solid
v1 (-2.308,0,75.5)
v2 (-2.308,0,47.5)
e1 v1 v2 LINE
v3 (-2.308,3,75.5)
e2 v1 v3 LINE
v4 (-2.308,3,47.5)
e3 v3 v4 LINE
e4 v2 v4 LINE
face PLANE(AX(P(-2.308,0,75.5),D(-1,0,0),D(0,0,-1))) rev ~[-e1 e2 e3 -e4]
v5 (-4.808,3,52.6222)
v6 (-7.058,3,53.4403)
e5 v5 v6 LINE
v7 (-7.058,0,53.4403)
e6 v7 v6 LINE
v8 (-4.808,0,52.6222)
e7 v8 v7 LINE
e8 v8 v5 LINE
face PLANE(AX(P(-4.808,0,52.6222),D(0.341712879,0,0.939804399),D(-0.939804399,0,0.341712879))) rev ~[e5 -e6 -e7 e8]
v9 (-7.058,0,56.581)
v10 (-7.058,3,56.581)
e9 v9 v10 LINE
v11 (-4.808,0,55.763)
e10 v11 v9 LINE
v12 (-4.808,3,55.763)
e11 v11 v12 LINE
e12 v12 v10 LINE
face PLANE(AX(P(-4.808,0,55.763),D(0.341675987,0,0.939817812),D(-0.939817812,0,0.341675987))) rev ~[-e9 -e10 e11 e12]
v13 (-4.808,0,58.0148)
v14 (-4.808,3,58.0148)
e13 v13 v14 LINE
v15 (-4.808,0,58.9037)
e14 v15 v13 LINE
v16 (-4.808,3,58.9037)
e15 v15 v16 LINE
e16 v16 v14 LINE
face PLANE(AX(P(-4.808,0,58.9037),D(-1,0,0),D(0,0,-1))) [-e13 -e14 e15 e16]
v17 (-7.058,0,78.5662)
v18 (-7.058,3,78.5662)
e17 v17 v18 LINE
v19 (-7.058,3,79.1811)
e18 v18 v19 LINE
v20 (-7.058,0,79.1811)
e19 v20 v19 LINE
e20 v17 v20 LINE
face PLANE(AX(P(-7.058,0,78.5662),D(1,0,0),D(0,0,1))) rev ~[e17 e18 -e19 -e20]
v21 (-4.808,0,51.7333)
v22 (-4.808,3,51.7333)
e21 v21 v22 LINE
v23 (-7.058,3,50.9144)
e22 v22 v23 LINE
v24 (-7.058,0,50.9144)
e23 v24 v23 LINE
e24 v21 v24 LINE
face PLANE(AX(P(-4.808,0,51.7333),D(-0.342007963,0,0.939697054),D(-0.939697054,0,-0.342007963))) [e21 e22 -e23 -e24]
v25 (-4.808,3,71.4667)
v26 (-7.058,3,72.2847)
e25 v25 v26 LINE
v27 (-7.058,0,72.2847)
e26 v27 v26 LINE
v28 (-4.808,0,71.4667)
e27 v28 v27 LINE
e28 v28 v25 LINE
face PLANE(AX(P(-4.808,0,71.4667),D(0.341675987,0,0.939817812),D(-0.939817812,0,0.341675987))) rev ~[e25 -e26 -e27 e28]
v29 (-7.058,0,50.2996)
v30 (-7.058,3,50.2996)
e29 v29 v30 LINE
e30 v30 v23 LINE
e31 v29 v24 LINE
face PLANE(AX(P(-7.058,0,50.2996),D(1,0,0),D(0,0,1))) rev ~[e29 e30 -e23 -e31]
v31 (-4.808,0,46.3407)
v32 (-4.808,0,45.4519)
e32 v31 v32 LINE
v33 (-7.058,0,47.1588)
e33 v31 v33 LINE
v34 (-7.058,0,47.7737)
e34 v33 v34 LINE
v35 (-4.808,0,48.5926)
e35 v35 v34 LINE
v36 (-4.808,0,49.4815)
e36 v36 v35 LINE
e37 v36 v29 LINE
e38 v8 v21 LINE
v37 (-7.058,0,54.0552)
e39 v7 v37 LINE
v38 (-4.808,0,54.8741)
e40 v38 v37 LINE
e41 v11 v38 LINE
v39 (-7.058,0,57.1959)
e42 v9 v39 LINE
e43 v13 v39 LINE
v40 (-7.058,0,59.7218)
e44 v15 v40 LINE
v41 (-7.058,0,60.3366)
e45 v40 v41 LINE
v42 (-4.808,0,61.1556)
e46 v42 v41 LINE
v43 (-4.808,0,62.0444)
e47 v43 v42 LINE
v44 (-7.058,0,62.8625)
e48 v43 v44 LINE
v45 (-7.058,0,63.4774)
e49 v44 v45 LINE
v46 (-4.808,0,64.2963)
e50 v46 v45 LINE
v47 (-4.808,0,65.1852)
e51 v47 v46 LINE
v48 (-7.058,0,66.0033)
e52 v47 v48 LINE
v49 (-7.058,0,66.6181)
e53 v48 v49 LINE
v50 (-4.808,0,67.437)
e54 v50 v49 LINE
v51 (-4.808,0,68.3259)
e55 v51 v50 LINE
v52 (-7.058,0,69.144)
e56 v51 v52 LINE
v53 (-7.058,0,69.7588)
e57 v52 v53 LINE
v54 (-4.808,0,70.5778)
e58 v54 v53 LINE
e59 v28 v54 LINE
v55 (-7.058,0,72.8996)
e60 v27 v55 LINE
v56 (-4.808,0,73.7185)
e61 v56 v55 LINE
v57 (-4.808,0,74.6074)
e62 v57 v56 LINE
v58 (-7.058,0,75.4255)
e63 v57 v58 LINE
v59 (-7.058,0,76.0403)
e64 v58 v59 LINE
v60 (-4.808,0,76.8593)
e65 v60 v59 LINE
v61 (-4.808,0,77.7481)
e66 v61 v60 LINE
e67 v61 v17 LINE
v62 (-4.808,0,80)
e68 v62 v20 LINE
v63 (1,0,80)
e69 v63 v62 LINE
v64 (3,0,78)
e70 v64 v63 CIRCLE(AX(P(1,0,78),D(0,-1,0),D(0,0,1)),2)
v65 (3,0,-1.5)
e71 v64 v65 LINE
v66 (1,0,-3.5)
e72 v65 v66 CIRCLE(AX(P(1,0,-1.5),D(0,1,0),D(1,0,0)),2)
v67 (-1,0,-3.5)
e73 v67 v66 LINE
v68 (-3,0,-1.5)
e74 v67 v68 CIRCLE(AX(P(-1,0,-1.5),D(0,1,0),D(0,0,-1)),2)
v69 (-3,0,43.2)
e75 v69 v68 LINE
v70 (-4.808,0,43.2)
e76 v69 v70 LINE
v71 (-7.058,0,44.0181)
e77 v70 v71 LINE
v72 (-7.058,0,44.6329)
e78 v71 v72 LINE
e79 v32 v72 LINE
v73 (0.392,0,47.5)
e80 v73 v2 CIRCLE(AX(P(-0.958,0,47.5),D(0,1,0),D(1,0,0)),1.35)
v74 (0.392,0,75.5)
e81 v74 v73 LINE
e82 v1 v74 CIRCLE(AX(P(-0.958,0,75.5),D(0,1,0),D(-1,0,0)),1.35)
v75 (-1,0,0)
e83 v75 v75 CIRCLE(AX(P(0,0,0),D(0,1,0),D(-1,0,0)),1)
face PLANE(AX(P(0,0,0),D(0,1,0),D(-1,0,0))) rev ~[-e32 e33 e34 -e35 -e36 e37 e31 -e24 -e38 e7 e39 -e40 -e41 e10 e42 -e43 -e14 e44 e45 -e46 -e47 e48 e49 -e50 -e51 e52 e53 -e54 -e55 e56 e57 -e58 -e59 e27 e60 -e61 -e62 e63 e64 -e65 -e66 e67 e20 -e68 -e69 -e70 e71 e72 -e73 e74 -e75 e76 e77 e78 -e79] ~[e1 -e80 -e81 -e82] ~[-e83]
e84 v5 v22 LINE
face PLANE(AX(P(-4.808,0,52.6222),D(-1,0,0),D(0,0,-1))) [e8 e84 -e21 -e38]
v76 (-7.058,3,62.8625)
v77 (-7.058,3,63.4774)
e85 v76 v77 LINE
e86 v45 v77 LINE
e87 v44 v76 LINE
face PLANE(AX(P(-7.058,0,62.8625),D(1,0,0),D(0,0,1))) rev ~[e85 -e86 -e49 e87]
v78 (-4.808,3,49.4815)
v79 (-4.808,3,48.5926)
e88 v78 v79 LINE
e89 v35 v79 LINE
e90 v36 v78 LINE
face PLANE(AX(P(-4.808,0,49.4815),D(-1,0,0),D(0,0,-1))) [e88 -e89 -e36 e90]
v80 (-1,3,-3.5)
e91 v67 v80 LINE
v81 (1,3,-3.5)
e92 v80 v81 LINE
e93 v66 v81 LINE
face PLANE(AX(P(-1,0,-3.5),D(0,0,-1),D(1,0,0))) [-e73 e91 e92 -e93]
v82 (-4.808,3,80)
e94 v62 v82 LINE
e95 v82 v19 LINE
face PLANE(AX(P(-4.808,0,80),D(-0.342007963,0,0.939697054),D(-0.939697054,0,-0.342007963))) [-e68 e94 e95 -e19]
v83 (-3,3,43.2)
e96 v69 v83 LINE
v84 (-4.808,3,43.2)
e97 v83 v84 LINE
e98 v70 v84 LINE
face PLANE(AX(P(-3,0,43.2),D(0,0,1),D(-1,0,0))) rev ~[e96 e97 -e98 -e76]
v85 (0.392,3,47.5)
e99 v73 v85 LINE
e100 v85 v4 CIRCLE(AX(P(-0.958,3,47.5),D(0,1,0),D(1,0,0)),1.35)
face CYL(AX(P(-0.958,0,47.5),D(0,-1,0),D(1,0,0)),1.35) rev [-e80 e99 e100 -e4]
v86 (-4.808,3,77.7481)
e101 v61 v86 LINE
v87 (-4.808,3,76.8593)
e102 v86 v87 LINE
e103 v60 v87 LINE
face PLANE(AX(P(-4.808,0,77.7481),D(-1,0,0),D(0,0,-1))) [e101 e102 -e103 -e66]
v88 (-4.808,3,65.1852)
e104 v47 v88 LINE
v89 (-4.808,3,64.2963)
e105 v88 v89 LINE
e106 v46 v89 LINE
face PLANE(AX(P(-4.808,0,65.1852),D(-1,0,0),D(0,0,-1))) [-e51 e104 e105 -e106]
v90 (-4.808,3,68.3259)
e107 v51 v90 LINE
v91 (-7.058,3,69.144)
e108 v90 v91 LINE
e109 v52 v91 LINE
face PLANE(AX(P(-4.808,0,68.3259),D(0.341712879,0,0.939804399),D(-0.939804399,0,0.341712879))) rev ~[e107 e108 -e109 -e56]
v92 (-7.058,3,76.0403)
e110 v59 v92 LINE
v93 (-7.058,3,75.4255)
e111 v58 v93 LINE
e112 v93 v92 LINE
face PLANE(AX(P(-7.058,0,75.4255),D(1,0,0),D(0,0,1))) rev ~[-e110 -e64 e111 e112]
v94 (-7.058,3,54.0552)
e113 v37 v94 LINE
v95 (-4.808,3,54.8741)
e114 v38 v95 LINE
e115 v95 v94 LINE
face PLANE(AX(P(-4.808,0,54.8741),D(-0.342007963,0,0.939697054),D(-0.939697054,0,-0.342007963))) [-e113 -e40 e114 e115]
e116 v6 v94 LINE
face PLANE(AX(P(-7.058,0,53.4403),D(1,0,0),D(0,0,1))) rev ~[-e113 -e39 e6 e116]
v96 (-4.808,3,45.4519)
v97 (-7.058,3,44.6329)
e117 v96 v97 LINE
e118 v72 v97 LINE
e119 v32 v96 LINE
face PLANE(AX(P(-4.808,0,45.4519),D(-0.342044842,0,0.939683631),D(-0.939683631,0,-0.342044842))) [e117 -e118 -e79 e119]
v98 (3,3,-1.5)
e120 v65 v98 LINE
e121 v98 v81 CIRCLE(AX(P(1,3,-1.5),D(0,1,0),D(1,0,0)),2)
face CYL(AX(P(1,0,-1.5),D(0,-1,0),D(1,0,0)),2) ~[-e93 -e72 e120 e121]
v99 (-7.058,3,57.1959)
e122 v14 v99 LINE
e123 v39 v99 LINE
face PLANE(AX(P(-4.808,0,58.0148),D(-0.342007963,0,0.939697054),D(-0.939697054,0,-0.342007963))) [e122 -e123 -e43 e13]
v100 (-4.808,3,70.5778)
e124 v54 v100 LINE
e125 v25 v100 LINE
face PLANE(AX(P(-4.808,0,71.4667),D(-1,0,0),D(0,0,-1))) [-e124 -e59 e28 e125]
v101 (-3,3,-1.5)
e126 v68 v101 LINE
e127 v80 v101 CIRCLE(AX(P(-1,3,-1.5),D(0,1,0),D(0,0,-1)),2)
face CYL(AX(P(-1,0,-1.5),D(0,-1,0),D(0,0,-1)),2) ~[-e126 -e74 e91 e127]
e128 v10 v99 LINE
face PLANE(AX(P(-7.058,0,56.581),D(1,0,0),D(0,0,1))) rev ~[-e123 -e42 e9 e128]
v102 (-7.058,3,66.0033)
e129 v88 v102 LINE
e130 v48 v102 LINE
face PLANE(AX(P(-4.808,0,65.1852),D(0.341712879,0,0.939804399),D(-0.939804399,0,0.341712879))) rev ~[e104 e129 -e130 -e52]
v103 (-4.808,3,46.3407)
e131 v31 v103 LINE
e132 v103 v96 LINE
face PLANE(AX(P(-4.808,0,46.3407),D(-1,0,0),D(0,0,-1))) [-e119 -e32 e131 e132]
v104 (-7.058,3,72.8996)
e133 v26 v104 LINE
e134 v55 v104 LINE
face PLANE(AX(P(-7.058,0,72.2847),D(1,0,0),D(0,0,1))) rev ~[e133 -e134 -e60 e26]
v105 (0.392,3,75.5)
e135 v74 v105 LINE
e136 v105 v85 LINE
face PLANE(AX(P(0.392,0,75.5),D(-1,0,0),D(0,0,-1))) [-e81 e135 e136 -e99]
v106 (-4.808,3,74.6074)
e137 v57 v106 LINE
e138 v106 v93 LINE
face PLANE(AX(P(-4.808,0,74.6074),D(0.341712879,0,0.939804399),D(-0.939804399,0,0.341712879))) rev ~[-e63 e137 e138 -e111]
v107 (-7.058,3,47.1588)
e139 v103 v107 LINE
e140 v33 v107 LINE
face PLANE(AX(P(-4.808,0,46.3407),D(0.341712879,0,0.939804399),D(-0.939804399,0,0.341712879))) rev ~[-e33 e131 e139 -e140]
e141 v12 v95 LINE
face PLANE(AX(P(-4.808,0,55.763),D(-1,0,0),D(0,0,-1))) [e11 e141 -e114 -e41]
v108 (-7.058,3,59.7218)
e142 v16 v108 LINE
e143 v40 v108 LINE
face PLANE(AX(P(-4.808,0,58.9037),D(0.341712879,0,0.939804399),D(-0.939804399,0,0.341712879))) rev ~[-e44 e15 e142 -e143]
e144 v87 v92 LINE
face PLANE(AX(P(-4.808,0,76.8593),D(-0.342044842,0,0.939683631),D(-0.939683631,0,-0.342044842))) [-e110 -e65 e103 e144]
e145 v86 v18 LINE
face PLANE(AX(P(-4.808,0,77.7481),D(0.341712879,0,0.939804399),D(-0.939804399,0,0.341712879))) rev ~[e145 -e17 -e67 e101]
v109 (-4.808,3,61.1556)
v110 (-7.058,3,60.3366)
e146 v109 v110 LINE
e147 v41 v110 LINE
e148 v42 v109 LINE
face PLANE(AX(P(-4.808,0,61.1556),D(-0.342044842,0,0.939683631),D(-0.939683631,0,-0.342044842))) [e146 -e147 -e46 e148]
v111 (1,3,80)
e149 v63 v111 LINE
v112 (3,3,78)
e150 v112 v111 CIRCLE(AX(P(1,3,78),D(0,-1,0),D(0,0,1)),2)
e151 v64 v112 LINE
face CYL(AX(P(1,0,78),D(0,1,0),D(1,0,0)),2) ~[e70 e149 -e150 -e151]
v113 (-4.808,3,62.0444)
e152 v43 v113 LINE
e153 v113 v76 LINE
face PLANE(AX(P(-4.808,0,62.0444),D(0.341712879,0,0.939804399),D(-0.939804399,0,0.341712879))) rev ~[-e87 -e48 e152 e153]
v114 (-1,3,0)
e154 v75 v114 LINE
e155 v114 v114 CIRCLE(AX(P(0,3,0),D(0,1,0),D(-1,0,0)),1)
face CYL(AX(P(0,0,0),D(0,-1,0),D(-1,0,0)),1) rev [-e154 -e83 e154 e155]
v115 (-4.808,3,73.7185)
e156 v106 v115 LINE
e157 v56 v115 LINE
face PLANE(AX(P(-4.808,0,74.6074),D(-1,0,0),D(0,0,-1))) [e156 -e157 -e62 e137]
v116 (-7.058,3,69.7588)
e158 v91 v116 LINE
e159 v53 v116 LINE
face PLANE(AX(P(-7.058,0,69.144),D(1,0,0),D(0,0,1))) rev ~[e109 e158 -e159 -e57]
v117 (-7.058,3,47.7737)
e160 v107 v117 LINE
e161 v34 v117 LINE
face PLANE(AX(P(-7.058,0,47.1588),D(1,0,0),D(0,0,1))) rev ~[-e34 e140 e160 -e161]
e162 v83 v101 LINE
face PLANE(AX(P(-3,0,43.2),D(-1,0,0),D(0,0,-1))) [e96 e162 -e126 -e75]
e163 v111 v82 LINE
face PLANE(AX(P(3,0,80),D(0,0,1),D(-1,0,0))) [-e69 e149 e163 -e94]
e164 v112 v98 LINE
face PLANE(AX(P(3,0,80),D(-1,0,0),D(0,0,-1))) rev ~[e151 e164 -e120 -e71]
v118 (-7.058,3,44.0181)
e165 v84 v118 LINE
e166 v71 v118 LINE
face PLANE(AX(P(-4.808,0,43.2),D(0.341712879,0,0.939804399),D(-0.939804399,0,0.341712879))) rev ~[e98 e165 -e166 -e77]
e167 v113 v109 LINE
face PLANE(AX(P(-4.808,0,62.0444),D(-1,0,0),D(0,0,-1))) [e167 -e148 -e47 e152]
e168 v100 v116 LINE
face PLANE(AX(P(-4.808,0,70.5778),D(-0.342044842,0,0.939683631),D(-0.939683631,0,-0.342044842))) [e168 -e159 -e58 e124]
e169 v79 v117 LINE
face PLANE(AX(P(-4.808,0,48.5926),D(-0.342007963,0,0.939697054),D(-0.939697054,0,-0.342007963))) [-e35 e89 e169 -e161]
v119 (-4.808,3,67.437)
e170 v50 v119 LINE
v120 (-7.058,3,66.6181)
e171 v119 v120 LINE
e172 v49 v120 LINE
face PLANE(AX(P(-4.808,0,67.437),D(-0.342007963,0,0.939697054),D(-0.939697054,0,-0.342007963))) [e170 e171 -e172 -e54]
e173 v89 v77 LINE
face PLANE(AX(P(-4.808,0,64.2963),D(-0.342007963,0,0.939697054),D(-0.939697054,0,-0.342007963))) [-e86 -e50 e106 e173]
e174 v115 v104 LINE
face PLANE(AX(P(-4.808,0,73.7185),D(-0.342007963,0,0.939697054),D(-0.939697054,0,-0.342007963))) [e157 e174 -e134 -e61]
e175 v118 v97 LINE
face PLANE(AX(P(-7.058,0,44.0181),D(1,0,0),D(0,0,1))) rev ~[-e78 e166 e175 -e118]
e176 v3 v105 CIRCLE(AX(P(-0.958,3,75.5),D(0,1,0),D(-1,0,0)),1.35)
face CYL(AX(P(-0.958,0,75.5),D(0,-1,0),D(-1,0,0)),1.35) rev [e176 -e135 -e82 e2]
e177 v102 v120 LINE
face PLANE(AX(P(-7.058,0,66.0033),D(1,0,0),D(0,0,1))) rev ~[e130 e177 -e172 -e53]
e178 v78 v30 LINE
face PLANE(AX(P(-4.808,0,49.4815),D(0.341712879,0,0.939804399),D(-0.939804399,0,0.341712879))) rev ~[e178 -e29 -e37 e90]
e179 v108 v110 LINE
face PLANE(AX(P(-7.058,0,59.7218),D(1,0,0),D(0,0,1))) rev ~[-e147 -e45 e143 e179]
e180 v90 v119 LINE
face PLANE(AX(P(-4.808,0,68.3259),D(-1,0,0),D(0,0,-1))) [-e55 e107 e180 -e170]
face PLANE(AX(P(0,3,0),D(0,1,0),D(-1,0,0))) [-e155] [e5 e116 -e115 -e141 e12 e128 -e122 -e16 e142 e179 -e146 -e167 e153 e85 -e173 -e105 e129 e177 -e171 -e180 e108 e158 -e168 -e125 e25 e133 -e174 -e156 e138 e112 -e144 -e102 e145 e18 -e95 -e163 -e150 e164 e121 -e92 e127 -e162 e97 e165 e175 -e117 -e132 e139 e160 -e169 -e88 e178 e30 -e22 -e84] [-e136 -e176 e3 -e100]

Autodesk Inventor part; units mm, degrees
ref_plane "YZ Plane" through (0, 0, 0) normal (1, 0, 0) x (0, 1, 0)
ref_plane "XZ Plane" through (0, 0, 0) normal (0, 1, 0) x (-1, 0, 0)
ref_plane "XY Plane" through (0, 0, 0) normal (0, 0, 1) x (1, 0, 0)
sketch "Sketch1" plane through (0, 0, 0) normal (0, 1, 0) x (-1, 0, 0)
  line L0 (4.808, 48.5926) -> (7.058, 47.7737)
  line L1 (4.808, 49.4815) -> (4.808, 48.5926)
  line L2 (4.808, 49.4815) -> (7.058, 50.2996)
  line L3 (7.058, 50.2996) -> (7.058, 50.9144)
  line L4 (4.808, 51.7333) -> (7.058, 50.9144)
  line L5 (4.808, 52.6222) -> (4.808, 51.7333)
  line L6 (4.808, 52.6222) -> (7.058, 53.4403)
  line L7 (7.058, 53.4403) -> (7.058, 54.0552)
  line L8 (4.808, 54.8741) -> (7.058, 54.0552)
  line L9 (4.808, 55.763) -> (4.808, 54.8741)
  line L10 (4.808, 55.763) -> (7.058, 56.581)
  line L11 (7.058, 56.581) -> (7.058, 57.1959)
  line L12 (4.808, 58.0148) -> (7.058, 57.1959)
  line L13 (4.808, 58.9037) -> (4.808, 58.0148)
  line L14 (4.808, 58.9037) -> (7.058, 59.7218)
  line L15 (7.058, 59.7218) -> (7.058, 60.3366)
  line L16 (4.808, 61.1556) -> (7.058, 60.3366)
  line L17 (4.808, 62.0444) -> (4.808, 61.1556)
  line L18 (4.808, 62.0444) -> (7.058, 62.8625)
  line L19 (7.058, 62.8625) -> (7.058, 63.4774)
  line L20 (4.808, 64.2963) -> (7.058, 63.4774)
  line L21 (4.808, 65.1852) -> (4.808, 64.2963)
  line L22 (4.808, 65.1852) -> (7.058, 66.0033)
  line L23 (7.058, 66.0033) -> (7.058, 66.6181)
  line L24 (4.808, 67.437) -> (7.058, 66.6181)
  line L25 (4.808, 68.3259) -> (4.808, 67.437)
  line L26 (4.808, 68.3259) -> (7.058, 69.144)
  line L27 (7.058, 69.144) -> (7.058, 69.7588)
  line L28 (4.808, 70.5778) -> (7.058, 69.7588)
  line L29 (4.808, 71.4667) -> (4.808, 70.5778)
  line L30 (4.808, 71.4667) -> (7.058, 72.2847)
  line L31 (7.058, 72.2847) -> (7.058, 72.8996)
  line L32 (4.808, 73.7185) -> (7.058, 72.8996)
  line L33 (4.808, 74.6074) -> (4.808, 73.7185)
  line L34 (4.808, 74.6074) -> (7.058, 75.4255)
  line L35 (7.058, 75.4255) -> (7.058, 76.0403)
  line L36 (4.808, 76.8593) -> (7.058, 76.0403)
  line L37 (4.808, 77.7481) -> (4.808, 76.8593)
  line L38 (4.808, 77.7481) -> (7.058, 78.5662)
  line L39 (7.058, 78.5662) -> (7.058, 79.1811)
  line L40 (4.808, 80) -> (7.058, 79.1811)
  line L41 (-3, 80) -> (4.808, 80)
  line L42 (-3, 80) -> (-3, -1.5)
  arc A0 (-3, -1.5) -> (-1, -3.5) centre (-1, -1.5) ccw
  line L43 (1, -3.5) -> (-1, -3.5)
  arc A1 (1, -3.5) -> (3, -1.5) centre (1, -1.5) ccw
  line L44 (3, 43.2) -> (3, -1.5)
  line L45 (4.808, 43.2) -> (7.058, 44.0181)
  line L46 (7.058, 44.0181) -> (7.058, 44.6329)
  line L47 (4.808, 45.4519) -> (7.058, 44.6329)
  line L48 (4.808, 46.3407) -> (4.808, 45.4519)
  line L49 (4.808, 46.3407) -> (7.058, 47.1588)
  line L50 (7.058, 47.1588) -> (7.058, 47.7737)
  circle A2 centre (0, 0) radius 1
  arc A3 (-0.392, 47.5) -> (2.308, 47.5) centre (0.958, 47.5) ccw
  line L51 (-0.392, 75.5) -> (-0.392, 47.5)
  arc A4 (2.308, 75.5) -> (-0.392, 75.5) centre (0.958, 75.5) ccw
  line L52 (2.308, 75.5) -> (2.308, 47.5)
  line L53 (3, 43.2) -> (4.808, 43.2)
  point P0 (4.808, 77.3037)
  point P1 (4.808, 49.037)
  point P2 (0.904, 80)
  dimension "d0" = 2.25
  dimension "d3" = 28
  dimension "d4" = 2.7
  dimension "d7" = 2.5
  dimension "d8" = 4.3
  dimension "d11" = 6
  dimension "d12" = 3
  dimension "d13" = 3.5
  dimension "d15" = 0.6149
  dimension "d16" = 0.8889
  dimension "d17" = 20
  dimension "d28" = 4.808
  dimension "d29" = 36.8
  dimension "d30" = 4.5
  dimension "d31" = 83.5
  dimension "d32" = 2
  dimension "d33" = 2
  dimension "d34" = 2
  dimension "d37" = 2.608
  dimension "d38" = 2
extrude "Extrusion1" add sketch "Sketch1" along normal blind 3
fillet "Fillet1" radius 2 1 edges at (3, 1.5, 80)
equation "\"d28\" = dist_finEngrane_tornilloSujetadorPilot"
equation "\"dist_finEngrane_tornilloSujetadorPilot\" = 4.808"
properties part number "cremallera_v2"
